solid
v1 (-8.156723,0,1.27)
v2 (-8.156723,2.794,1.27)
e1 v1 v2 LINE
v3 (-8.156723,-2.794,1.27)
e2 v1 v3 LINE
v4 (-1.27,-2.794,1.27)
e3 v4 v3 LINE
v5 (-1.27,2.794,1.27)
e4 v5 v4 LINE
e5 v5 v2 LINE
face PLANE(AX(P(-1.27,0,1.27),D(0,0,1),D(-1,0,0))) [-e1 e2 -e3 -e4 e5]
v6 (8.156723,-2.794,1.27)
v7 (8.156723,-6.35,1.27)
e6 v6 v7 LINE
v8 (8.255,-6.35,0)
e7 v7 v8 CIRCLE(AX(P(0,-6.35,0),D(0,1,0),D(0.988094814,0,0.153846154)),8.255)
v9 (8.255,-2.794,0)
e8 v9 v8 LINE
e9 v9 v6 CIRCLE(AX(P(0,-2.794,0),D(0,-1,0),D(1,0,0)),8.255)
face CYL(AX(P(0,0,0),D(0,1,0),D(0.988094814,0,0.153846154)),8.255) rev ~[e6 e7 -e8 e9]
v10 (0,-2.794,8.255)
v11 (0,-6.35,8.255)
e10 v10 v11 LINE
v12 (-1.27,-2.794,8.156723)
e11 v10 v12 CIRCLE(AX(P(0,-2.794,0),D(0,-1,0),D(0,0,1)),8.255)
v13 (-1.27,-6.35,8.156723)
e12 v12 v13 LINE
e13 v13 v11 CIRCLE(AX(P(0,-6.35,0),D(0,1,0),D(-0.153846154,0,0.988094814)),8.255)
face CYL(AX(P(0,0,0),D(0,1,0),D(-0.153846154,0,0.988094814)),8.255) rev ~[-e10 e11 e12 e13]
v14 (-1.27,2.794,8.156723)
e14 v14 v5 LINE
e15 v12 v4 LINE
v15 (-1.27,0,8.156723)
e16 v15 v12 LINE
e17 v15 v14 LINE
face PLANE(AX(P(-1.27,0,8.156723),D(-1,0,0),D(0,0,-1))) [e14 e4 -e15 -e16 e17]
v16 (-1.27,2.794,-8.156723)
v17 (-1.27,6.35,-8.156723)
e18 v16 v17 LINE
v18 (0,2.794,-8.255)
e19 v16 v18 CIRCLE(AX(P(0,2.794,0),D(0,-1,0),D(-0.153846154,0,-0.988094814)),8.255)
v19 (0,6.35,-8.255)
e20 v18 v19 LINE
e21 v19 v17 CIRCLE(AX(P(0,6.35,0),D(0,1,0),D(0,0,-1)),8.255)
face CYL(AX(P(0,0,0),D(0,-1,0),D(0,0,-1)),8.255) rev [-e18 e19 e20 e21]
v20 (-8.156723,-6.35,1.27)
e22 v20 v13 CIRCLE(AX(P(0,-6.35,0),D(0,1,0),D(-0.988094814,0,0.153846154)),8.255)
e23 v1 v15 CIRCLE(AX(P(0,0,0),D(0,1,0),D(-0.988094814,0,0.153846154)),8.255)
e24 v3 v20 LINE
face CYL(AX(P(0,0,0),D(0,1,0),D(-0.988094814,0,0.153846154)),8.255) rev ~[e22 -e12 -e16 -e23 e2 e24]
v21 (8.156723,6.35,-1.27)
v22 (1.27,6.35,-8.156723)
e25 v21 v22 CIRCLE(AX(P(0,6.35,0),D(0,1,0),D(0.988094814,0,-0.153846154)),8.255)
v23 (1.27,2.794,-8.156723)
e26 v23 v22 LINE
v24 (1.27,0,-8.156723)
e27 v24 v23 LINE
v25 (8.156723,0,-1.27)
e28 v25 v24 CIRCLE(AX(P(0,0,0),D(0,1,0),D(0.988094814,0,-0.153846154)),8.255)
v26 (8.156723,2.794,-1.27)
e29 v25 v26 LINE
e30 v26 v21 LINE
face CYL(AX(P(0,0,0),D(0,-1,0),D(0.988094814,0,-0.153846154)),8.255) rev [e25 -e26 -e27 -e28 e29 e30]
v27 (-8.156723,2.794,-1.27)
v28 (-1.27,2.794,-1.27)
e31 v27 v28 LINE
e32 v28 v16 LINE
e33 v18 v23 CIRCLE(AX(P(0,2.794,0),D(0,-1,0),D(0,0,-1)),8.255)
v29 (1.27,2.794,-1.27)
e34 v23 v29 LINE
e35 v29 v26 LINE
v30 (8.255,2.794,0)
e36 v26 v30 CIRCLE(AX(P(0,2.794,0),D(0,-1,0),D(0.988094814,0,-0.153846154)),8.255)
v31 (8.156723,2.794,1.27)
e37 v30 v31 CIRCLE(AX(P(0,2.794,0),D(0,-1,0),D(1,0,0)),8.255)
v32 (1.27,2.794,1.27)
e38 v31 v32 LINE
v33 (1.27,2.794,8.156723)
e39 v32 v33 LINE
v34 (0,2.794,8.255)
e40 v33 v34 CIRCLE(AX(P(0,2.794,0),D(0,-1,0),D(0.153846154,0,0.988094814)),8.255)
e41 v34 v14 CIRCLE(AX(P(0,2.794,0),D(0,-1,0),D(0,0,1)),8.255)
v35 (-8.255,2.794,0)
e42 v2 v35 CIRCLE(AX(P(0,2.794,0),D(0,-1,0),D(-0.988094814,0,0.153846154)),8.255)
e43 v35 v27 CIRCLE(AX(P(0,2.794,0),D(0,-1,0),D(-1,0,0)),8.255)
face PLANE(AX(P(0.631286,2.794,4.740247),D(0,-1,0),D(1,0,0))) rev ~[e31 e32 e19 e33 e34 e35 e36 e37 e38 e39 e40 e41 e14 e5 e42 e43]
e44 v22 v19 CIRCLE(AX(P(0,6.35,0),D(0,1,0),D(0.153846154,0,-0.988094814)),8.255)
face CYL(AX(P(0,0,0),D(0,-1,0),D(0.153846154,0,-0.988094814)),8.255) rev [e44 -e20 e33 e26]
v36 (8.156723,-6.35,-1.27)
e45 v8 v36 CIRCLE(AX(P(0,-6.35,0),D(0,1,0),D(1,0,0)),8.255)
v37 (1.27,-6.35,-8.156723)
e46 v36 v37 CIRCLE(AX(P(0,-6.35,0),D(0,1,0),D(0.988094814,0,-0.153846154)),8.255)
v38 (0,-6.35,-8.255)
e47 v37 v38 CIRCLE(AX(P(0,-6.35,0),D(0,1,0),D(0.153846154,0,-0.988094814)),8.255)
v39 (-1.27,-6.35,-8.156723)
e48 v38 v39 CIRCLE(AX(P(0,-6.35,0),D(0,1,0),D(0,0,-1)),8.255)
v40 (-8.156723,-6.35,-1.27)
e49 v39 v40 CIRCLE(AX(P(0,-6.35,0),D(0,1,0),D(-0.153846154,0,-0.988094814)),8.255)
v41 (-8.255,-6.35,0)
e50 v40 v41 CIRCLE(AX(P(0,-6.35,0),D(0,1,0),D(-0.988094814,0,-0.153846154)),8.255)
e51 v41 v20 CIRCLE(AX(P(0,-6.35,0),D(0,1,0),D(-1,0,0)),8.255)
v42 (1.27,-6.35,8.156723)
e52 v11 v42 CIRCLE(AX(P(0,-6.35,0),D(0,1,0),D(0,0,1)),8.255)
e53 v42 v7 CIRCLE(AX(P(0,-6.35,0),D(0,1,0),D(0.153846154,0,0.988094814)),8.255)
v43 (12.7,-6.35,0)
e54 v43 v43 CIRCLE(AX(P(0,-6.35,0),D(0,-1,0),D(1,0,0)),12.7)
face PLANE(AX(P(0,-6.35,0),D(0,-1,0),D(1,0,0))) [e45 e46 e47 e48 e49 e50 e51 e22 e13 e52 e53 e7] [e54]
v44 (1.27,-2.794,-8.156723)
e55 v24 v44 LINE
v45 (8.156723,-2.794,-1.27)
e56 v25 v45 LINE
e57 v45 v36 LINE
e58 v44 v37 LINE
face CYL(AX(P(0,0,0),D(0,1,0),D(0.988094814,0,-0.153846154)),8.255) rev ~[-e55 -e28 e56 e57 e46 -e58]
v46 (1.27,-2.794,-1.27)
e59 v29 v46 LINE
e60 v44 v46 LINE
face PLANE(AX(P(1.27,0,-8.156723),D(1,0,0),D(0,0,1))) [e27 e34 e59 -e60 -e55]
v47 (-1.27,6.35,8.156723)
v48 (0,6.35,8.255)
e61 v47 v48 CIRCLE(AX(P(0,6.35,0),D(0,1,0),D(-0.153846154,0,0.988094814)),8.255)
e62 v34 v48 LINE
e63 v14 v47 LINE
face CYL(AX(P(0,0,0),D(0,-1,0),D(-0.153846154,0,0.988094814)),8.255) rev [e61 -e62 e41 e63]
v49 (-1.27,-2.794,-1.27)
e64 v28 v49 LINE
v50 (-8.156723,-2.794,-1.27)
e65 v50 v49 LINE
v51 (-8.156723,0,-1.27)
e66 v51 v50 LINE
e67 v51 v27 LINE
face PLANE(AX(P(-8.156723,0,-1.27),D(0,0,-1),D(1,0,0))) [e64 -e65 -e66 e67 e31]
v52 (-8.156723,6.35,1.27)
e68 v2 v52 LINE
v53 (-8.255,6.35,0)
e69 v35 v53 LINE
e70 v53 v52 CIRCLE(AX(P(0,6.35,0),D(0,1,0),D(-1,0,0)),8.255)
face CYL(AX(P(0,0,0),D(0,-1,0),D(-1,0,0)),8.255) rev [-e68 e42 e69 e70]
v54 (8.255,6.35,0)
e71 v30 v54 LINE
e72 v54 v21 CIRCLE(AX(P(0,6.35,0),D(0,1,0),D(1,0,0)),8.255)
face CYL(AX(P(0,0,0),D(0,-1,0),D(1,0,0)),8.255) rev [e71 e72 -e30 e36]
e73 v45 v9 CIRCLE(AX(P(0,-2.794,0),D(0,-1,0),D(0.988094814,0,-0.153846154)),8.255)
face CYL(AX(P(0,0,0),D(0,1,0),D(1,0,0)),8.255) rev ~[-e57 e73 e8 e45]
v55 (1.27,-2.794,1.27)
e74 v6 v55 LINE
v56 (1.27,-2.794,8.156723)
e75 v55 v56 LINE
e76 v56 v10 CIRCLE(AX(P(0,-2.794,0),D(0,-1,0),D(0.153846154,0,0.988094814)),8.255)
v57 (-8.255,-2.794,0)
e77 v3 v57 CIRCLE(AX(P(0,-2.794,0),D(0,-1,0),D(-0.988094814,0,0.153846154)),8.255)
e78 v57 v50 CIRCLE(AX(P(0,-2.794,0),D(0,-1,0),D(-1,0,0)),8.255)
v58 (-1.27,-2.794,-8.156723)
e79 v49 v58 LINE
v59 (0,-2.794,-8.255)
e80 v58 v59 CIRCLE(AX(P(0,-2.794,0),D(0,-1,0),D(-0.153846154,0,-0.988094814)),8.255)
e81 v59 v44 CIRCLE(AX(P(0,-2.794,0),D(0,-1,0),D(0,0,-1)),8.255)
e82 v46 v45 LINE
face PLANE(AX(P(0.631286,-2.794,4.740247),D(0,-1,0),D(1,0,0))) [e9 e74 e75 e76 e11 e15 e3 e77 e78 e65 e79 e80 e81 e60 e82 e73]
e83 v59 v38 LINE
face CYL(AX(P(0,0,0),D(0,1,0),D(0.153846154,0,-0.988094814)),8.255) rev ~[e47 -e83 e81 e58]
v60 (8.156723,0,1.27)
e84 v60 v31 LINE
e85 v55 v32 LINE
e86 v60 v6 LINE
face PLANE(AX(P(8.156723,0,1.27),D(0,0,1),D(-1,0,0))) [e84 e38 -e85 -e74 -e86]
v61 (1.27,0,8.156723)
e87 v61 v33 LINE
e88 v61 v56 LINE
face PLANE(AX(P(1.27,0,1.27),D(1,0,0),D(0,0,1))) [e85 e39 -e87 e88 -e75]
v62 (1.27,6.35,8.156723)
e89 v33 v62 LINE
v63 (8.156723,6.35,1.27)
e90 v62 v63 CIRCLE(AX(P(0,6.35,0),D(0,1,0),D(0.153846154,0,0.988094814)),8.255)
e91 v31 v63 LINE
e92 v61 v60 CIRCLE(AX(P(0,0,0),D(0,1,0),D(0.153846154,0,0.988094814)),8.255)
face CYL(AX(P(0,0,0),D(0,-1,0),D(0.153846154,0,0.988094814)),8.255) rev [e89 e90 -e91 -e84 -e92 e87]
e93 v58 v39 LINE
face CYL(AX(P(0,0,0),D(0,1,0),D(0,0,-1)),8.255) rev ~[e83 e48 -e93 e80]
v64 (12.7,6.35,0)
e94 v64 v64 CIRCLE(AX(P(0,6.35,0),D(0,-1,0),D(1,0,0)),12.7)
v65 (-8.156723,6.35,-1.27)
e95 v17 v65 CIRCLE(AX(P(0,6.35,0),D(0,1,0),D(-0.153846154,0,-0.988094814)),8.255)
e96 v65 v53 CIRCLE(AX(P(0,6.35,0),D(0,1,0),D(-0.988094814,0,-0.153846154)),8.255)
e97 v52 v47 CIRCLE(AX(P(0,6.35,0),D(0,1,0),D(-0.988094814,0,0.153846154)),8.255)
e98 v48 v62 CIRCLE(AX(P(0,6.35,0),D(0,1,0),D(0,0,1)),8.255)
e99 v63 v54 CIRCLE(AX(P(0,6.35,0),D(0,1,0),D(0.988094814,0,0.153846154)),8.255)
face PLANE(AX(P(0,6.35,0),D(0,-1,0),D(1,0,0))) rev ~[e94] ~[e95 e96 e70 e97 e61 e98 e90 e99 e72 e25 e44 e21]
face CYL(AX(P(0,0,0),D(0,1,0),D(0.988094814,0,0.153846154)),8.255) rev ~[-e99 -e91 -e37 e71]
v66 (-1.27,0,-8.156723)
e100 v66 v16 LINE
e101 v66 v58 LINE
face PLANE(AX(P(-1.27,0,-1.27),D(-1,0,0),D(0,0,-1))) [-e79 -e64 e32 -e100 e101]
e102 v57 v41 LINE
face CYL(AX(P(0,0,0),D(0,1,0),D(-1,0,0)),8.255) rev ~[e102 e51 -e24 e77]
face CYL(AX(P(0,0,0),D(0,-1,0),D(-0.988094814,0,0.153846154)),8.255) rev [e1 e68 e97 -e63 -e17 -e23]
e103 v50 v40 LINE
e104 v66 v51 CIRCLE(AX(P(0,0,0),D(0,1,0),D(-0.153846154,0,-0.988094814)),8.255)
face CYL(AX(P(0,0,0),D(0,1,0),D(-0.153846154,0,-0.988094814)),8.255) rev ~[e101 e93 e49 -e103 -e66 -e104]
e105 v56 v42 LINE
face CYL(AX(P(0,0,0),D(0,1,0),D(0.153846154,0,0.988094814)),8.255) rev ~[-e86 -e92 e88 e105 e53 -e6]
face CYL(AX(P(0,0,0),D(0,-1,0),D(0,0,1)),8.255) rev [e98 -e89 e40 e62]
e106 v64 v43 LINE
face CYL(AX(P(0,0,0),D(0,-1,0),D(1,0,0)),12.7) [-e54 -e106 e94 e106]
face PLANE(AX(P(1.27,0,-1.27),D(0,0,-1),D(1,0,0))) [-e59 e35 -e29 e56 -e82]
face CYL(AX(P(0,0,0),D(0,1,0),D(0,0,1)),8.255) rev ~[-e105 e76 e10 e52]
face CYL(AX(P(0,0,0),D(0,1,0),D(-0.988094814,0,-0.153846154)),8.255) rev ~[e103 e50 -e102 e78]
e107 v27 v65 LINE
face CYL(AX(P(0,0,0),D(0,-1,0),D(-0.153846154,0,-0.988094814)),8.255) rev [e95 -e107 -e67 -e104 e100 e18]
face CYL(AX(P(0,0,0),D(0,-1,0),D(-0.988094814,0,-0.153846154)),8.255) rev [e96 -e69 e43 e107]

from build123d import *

# Parameters (mm, degrees)
F0_R     = 12.7
F1_DEPTH = 6.35
F0_W     = 1.27
F0_H     = 1.27
F2_DEPTH = 2.794


with BuildPart() as f1:
    # F0 (on Front) → F1 (new body, symmetric)
    with BuildSketch(Plane.XZ):
        Circle(F0_R)
        with BuildLine():
            ThreePointArc((8.1567226875, 1.27), (8.2303939998, 0.636898428), (8.255, 0))
            ThreePointArc((8.255, 0), (8.2303939998, -0.636898428), (8.1567226875, -1.27))
            ThreePointArc((8.1567226875, -1.27), (5.8371664787, -5.8371664787), (1.27, -8.1567226875))
            ThreePointArc((1.27, -8.1567226875), (0.636898428, -8.2303939998), (0, -8.255))
            ThreePointArc((0, -8.255), (-0.636898428, -8.2303939998), (-1.27, -8.1567226875))
            ThreePointArc((-1.27, -8.1567226875), (-5.8371664787, -5.8371664787), (-8.1567226875, -1.27))
            ThreePointArc((-8.1567226875, -1.27), (-8.2303939998, -0.636898428), (-8.255, 0))
            ThreePointArc((-8.255, 0), (-8.2303939998, 0.636898428), (-8.1567226875, 1.27))
            ThreePointArc((-8.1567226875, 1.27), (-5.8371664787, 5.8371664787), (-1.27, 8.1567226875))
            ThreePointArc((-1.27, 8.1567226875), (-0.636898428, 8.2303939998), (0, 8.255))
            ThreePointArc((0, 8.255), (0.636898428, 8.2303939998), (1.27, 8.1567226875))
            ThreePointArc((1.27, 8.1567226875), (5.8371664787, 5.8371664787), (8.1567226875, 1.27))
        make_face(mode=Mode.SUBTRACT)
    extrude(amount=F1_DEPTH, both=True)

    # F0 (on Front) → F2 (join, symmetric)
    with BuildSketch(Plane.XZ):
        with BuildLine():
            Line((1.27, 1.27), (1.27, 8.1567226875))
            ThreePointArc((1.27, 8.1567226875), (0.636898428, 8.2303939998), (0, 8.255))
            Line((0, 8.255), (0, 1.27))
            Line((0, 1.27), (1.27, 1.27))
        make_face()
        with BuildLine():
            Line((0, 1.27), (0, 8.255))
            ThreePointArc((0, 8.255), (-0.636898428, 8.2303939998), (-1.27, 8.1567226875))
            Line((-1.27, 8.1567226875), (-1.27, 1.27))
            Line((-1.27, 1.27), (0, 1.27))
        make_face()
        with Locations((-0.635, 0.635)):
            Rectangle(F0_W, F0_H)
        with Locations((0.635, 0.635)):
            Rectangle(F0_W, F0_H)
        with Locations((0.635, -0.635)):
            Rectangle(F0_W, F0_H)
        with Locations((-0.635, -0.635)):
            Rectangle(F0_W, F0_H)
        with BuildLine():
            ThreePointArc((-1.27, -8.1567226875), (-0.636898428, -8.2303939998), (0, -8.255))
            Line((0, -8.255), (0, -1.27))
            Line((0, -1.27), (-1.27, -1.27))
            Line((-1.27, -1.27), (-1.27, -8.1567226875))
        make_face()
        with BuildLine():
            ThreePointArc((0, -8.255), (0.636898428, -8.2303939998), (1.27, -8.1567226875))
            Line((1.27, -8.1567226875), (1.27, -1.27))
            Line((1.27, -1.27), (0, -1.27))
            Line((0, -1.27), (0, -8.255))
        make_face()
        with BuildLine():
            Line((-8.255, 0), (-1.27, 0))
            Line((-1.27, 0), (-1.27, 1.27))
            Line((-1.27, 1.27), (-8.1567226875, 1.27))
            ThreePointArc((-8.1567226875, 1.27), (-8.2303939998, 0.636898428), (-8.255, 0))
        make_face()
        with BuildLine():
            Line((-1.27, -1.27), (-1.27, 0))
            Line((-1.27, 0), (-8.255, 0))
            ThreePointArc((-8.255, 0), (-8.2303939998, -0.636898428), (-8.1567226875, -1.27))
            Line((-8.1567226875, -1.27), (-1.27, -1.27))
        make_face()
        with BuildLine():
            ThreePointArc((8.1567226875, -1.27), (8.2303939998, -0.636898428), (8.255, 0))
            Line((8.255, 0), (1.27, 0))
            Line((1.27, 0), (1.27, -1.27))
            Line((1.27, -1.27), (8.1567226875, -1.27))
        make_face()
        with BuildLine():
            Line((1.27, 0), (8.255, 0))
            ThreePointArc((8.255, 0), (8.2303939998, 0.636898428), (8.1567226875, 1.27))
            Line((8.1567226875, 1.27), (1.27, 1.27))
            Line((1.27, 1.27), (1.27, 0))
        make_face()
    extrude(amount=F2_DEPTH, both=True)


solid = f1.part
